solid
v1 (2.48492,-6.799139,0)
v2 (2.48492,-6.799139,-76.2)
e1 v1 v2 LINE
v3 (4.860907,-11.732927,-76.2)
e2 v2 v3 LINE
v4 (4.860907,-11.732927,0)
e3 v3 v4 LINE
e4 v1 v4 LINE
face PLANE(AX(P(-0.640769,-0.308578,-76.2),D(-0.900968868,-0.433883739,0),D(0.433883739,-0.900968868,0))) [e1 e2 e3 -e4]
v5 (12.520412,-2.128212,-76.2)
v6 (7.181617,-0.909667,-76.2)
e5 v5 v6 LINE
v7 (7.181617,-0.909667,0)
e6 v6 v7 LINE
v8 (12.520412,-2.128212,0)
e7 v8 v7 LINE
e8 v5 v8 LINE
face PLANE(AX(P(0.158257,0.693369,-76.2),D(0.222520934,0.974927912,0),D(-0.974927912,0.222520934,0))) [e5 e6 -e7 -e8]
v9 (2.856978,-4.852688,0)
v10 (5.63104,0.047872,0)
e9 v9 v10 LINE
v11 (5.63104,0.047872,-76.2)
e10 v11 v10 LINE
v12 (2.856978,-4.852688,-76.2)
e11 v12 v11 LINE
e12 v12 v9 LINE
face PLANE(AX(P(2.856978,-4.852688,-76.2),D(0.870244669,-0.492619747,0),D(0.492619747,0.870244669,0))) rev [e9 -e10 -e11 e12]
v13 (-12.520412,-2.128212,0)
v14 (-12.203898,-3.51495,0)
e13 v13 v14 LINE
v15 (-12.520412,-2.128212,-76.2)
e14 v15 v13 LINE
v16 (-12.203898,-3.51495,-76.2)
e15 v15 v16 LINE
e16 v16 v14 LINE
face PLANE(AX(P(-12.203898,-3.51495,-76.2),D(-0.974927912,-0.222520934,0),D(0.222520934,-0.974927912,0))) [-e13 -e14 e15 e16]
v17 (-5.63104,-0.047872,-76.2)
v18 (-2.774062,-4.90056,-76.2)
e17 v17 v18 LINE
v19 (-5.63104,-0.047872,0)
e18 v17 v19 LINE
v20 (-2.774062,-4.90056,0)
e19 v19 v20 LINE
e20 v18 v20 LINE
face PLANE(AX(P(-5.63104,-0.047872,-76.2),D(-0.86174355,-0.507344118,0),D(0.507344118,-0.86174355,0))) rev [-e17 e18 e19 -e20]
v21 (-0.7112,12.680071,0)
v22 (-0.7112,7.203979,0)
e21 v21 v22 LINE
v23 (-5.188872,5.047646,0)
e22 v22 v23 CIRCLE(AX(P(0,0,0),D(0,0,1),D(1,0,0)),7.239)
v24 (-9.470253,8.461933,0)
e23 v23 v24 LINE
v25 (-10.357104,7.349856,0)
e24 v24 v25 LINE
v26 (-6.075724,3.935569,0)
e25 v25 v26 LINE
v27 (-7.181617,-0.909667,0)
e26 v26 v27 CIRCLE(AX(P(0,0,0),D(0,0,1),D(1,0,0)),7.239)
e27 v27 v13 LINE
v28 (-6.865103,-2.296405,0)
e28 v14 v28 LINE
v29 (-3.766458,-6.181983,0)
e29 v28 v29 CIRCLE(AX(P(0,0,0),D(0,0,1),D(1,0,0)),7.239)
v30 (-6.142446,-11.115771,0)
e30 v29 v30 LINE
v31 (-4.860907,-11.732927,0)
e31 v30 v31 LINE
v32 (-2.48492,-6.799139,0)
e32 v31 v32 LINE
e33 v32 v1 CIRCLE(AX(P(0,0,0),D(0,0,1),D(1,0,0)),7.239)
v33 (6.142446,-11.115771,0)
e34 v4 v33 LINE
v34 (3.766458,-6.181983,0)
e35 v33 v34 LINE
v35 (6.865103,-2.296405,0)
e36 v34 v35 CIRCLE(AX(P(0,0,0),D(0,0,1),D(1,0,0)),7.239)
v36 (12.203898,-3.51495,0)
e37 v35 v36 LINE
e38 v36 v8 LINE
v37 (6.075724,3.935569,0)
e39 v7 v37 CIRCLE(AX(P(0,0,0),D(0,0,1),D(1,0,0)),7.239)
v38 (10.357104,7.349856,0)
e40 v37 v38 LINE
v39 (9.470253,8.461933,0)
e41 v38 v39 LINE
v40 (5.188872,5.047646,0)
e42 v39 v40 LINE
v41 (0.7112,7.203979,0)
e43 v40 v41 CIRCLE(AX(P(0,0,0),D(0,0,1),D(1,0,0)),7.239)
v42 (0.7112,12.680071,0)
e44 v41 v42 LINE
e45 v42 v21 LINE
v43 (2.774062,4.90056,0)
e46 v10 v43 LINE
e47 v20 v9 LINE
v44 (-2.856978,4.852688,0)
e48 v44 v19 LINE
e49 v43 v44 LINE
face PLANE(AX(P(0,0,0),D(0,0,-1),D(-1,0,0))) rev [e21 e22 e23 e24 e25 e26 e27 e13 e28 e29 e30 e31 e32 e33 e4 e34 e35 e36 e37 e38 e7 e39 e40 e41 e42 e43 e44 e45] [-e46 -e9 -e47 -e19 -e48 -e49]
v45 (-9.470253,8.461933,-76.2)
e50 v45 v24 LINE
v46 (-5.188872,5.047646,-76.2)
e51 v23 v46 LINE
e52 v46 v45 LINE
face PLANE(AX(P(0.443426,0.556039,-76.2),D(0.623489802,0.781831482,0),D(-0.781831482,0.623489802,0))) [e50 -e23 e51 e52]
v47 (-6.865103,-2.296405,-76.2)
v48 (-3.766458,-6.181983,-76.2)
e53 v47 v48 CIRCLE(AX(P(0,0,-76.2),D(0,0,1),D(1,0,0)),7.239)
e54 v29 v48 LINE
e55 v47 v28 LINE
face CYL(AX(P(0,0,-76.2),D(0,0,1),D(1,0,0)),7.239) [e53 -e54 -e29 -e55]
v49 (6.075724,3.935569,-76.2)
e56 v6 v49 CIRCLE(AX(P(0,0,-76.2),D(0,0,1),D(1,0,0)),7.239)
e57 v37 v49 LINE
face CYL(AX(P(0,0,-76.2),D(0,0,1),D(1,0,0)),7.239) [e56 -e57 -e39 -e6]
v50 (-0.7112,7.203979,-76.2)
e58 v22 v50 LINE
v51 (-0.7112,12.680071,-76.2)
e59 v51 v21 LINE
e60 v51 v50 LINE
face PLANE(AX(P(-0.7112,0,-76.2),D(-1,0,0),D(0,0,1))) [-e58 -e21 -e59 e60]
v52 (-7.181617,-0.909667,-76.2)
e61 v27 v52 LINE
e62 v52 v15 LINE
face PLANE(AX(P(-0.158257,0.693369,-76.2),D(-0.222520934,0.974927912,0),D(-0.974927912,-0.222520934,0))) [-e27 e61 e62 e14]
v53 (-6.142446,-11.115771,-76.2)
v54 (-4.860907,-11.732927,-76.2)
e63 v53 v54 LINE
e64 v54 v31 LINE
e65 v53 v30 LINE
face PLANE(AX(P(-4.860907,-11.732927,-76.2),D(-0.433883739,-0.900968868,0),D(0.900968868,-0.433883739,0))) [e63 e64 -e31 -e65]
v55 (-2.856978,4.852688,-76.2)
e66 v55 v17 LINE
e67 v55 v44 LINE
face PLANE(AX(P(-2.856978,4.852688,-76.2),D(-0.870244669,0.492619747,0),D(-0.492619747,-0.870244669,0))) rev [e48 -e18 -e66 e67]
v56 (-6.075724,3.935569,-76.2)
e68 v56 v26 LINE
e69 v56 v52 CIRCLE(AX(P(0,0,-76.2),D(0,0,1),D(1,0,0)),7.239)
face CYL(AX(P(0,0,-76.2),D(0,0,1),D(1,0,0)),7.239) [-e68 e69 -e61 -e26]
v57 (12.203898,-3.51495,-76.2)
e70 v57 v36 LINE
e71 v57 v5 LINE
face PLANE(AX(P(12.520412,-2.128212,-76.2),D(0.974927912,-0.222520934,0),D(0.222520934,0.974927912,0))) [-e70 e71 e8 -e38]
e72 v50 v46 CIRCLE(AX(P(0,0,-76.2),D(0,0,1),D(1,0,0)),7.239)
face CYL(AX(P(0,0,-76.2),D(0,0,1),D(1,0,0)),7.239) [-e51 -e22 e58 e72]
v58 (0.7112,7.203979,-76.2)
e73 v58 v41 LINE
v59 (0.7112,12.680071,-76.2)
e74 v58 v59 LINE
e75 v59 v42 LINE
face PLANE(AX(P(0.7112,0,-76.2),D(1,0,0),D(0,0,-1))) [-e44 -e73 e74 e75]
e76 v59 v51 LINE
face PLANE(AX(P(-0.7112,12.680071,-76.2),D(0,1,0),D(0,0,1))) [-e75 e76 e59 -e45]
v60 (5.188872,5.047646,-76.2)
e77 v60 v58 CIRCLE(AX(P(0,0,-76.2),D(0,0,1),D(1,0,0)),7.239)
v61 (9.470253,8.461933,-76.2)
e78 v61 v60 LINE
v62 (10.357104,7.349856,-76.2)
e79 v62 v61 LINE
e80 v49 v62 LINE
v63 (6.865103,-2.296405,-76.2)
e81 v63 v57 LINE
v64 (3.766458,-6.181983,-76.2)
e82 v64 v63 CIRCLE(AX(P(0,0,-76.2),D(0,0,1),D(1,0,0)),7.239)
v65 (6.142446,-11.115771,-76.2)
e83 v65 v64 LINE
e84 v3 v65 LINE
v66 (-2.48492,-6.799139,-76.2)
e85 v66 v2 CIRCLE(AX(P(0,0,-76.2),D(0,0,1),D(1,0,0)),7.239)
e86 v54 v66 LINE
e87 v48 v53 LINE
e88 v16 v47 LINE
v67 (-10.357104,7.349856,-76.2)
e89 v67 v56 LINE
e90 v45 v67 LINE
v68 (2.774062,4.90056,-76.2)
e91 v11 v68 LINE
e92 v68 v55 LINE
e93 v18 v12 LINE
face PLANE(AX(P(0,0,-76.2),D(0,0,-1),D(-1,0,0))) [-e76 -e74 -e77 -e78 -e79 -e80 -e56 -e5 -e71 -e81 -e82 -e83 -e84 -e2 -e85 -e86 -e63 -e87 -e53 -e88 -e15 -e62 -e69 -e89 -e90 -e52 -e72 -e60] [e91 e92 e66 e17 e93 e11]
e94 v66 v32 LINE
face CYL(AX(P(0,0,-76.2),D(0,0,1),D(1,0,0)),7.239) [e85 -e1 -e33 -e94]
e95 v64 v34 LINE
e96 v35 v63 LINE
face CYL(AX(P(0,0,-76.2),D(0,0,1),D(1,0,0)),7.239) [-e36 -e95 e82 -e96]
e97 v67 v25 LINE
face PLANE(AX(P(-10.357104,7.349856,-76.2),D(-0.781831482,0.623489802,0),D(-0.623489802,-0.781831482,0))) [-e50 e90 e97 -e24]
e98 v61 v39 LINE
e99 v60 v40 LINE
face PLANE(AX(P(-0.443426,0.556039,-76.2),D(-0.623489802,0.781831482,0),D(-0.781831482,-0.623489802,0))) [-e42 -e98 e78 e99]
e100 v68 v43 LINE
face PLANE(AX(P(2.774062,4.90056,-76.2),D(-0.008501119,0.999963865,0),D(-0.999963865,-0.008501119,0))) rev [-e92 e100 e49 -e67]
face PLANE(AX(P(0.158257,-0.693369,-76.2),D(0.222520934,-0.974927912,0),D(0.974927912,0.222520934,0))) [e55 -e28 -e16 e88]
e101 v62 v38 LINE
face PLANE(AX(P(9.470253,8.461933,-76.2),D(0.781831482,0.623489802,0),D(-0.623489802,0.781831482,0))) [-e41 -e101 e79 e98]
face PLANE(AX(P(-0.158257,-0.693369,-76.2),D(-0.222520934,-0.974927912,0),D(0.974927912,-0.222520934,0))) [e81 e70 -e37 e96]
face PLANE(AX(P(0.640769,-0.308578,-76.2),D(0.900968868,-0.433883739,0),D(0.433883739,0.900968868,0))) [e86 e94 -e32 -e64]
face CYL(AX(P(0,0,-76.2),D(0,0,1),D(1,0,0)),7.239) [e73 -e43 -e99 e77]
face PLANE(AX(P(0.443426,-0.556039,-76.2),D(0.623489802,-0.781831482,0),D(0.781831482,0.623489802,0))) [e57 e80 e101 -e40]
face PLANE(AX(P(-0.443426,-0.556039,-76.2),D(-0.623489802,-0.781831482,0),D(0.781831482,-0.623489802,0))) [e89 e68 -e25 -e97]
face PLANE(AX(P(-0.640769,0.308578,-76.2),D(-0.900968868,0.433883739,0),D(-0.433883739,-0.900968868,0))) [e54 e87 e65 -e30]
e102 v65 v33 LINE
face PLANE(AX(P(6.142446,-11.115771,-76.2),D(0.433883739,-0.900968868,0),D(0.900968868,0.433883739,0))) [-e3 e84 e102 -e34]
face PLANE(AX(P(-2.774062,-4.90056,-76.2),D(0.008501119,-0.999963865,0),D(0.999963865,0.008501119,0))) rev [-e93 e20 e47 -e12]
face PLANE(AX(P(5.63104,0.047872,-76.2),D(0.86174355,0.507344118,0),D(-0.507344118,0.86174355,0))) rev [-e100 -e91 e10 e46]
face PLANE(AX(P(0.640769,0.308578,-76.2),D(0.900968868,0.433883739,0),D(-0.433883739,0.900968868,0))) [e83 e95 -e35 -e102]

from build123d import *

# Parameters (mm, degrees)
BOSS_EXTRUDE1_DEPTH = 76.2
SKETCH6_R           = 7.239
BOSS_EXTRUDE2_DEPTH = 76.2
CIRPATTERN1_COUNT   = 7
CUT_EXTRUDE5_DEPTH  = 79.255893748


with BuildPart() as part:
    # Sketch12 → Boss-Extrude1 (new body)
    with BuildSketch(Plane.XY):
        Polygon((0, 0), (0.7112, 0), (0.7112, 12.680070763), (-0.7112, 12.680070763), (-0.7112, 0), align=None)
    boss_extrude1 = extrude(amount=-BOSS_EXTRUDE1_DEPTH)

    # Sketch6 → Boss-Extrude2 (add)
    with BuildSketch(Plane.XY):
        Circle(SKETCH6_R)
    extrude(amount=-BOSS_EXTRUDE2_DEPTH)

    # CirPattern1: Boss-Extrude1 ×7 about axis
    cirpattern1_axis = Axis((0, 0, -76.2), (0, 0, 1))
    for i in range(1, CIRPATTERN1_COUNT):
        add(boss_extrude1.rotate(cirpattern1_axis, i * 360 / CIRPATTERN1_COUNT))

    # Sketch8 → Cut-Extrude5 (cut, through all)
    with BuildSketch(Plane.XY):
        Polygon((5.6310401, 0.047871874), (2.774061791, 4.900559713), (-2.856978309, 4.852687839), (-5.6310401, -0.047871874), (-2.774061791, -4.900559713), (2.856978309, -4.852687839), align=None)
    extrude(amount=-CUT_EXTRUDE5_DEPTH, mode=Mode.SUBTRACT)


solid = part.part
